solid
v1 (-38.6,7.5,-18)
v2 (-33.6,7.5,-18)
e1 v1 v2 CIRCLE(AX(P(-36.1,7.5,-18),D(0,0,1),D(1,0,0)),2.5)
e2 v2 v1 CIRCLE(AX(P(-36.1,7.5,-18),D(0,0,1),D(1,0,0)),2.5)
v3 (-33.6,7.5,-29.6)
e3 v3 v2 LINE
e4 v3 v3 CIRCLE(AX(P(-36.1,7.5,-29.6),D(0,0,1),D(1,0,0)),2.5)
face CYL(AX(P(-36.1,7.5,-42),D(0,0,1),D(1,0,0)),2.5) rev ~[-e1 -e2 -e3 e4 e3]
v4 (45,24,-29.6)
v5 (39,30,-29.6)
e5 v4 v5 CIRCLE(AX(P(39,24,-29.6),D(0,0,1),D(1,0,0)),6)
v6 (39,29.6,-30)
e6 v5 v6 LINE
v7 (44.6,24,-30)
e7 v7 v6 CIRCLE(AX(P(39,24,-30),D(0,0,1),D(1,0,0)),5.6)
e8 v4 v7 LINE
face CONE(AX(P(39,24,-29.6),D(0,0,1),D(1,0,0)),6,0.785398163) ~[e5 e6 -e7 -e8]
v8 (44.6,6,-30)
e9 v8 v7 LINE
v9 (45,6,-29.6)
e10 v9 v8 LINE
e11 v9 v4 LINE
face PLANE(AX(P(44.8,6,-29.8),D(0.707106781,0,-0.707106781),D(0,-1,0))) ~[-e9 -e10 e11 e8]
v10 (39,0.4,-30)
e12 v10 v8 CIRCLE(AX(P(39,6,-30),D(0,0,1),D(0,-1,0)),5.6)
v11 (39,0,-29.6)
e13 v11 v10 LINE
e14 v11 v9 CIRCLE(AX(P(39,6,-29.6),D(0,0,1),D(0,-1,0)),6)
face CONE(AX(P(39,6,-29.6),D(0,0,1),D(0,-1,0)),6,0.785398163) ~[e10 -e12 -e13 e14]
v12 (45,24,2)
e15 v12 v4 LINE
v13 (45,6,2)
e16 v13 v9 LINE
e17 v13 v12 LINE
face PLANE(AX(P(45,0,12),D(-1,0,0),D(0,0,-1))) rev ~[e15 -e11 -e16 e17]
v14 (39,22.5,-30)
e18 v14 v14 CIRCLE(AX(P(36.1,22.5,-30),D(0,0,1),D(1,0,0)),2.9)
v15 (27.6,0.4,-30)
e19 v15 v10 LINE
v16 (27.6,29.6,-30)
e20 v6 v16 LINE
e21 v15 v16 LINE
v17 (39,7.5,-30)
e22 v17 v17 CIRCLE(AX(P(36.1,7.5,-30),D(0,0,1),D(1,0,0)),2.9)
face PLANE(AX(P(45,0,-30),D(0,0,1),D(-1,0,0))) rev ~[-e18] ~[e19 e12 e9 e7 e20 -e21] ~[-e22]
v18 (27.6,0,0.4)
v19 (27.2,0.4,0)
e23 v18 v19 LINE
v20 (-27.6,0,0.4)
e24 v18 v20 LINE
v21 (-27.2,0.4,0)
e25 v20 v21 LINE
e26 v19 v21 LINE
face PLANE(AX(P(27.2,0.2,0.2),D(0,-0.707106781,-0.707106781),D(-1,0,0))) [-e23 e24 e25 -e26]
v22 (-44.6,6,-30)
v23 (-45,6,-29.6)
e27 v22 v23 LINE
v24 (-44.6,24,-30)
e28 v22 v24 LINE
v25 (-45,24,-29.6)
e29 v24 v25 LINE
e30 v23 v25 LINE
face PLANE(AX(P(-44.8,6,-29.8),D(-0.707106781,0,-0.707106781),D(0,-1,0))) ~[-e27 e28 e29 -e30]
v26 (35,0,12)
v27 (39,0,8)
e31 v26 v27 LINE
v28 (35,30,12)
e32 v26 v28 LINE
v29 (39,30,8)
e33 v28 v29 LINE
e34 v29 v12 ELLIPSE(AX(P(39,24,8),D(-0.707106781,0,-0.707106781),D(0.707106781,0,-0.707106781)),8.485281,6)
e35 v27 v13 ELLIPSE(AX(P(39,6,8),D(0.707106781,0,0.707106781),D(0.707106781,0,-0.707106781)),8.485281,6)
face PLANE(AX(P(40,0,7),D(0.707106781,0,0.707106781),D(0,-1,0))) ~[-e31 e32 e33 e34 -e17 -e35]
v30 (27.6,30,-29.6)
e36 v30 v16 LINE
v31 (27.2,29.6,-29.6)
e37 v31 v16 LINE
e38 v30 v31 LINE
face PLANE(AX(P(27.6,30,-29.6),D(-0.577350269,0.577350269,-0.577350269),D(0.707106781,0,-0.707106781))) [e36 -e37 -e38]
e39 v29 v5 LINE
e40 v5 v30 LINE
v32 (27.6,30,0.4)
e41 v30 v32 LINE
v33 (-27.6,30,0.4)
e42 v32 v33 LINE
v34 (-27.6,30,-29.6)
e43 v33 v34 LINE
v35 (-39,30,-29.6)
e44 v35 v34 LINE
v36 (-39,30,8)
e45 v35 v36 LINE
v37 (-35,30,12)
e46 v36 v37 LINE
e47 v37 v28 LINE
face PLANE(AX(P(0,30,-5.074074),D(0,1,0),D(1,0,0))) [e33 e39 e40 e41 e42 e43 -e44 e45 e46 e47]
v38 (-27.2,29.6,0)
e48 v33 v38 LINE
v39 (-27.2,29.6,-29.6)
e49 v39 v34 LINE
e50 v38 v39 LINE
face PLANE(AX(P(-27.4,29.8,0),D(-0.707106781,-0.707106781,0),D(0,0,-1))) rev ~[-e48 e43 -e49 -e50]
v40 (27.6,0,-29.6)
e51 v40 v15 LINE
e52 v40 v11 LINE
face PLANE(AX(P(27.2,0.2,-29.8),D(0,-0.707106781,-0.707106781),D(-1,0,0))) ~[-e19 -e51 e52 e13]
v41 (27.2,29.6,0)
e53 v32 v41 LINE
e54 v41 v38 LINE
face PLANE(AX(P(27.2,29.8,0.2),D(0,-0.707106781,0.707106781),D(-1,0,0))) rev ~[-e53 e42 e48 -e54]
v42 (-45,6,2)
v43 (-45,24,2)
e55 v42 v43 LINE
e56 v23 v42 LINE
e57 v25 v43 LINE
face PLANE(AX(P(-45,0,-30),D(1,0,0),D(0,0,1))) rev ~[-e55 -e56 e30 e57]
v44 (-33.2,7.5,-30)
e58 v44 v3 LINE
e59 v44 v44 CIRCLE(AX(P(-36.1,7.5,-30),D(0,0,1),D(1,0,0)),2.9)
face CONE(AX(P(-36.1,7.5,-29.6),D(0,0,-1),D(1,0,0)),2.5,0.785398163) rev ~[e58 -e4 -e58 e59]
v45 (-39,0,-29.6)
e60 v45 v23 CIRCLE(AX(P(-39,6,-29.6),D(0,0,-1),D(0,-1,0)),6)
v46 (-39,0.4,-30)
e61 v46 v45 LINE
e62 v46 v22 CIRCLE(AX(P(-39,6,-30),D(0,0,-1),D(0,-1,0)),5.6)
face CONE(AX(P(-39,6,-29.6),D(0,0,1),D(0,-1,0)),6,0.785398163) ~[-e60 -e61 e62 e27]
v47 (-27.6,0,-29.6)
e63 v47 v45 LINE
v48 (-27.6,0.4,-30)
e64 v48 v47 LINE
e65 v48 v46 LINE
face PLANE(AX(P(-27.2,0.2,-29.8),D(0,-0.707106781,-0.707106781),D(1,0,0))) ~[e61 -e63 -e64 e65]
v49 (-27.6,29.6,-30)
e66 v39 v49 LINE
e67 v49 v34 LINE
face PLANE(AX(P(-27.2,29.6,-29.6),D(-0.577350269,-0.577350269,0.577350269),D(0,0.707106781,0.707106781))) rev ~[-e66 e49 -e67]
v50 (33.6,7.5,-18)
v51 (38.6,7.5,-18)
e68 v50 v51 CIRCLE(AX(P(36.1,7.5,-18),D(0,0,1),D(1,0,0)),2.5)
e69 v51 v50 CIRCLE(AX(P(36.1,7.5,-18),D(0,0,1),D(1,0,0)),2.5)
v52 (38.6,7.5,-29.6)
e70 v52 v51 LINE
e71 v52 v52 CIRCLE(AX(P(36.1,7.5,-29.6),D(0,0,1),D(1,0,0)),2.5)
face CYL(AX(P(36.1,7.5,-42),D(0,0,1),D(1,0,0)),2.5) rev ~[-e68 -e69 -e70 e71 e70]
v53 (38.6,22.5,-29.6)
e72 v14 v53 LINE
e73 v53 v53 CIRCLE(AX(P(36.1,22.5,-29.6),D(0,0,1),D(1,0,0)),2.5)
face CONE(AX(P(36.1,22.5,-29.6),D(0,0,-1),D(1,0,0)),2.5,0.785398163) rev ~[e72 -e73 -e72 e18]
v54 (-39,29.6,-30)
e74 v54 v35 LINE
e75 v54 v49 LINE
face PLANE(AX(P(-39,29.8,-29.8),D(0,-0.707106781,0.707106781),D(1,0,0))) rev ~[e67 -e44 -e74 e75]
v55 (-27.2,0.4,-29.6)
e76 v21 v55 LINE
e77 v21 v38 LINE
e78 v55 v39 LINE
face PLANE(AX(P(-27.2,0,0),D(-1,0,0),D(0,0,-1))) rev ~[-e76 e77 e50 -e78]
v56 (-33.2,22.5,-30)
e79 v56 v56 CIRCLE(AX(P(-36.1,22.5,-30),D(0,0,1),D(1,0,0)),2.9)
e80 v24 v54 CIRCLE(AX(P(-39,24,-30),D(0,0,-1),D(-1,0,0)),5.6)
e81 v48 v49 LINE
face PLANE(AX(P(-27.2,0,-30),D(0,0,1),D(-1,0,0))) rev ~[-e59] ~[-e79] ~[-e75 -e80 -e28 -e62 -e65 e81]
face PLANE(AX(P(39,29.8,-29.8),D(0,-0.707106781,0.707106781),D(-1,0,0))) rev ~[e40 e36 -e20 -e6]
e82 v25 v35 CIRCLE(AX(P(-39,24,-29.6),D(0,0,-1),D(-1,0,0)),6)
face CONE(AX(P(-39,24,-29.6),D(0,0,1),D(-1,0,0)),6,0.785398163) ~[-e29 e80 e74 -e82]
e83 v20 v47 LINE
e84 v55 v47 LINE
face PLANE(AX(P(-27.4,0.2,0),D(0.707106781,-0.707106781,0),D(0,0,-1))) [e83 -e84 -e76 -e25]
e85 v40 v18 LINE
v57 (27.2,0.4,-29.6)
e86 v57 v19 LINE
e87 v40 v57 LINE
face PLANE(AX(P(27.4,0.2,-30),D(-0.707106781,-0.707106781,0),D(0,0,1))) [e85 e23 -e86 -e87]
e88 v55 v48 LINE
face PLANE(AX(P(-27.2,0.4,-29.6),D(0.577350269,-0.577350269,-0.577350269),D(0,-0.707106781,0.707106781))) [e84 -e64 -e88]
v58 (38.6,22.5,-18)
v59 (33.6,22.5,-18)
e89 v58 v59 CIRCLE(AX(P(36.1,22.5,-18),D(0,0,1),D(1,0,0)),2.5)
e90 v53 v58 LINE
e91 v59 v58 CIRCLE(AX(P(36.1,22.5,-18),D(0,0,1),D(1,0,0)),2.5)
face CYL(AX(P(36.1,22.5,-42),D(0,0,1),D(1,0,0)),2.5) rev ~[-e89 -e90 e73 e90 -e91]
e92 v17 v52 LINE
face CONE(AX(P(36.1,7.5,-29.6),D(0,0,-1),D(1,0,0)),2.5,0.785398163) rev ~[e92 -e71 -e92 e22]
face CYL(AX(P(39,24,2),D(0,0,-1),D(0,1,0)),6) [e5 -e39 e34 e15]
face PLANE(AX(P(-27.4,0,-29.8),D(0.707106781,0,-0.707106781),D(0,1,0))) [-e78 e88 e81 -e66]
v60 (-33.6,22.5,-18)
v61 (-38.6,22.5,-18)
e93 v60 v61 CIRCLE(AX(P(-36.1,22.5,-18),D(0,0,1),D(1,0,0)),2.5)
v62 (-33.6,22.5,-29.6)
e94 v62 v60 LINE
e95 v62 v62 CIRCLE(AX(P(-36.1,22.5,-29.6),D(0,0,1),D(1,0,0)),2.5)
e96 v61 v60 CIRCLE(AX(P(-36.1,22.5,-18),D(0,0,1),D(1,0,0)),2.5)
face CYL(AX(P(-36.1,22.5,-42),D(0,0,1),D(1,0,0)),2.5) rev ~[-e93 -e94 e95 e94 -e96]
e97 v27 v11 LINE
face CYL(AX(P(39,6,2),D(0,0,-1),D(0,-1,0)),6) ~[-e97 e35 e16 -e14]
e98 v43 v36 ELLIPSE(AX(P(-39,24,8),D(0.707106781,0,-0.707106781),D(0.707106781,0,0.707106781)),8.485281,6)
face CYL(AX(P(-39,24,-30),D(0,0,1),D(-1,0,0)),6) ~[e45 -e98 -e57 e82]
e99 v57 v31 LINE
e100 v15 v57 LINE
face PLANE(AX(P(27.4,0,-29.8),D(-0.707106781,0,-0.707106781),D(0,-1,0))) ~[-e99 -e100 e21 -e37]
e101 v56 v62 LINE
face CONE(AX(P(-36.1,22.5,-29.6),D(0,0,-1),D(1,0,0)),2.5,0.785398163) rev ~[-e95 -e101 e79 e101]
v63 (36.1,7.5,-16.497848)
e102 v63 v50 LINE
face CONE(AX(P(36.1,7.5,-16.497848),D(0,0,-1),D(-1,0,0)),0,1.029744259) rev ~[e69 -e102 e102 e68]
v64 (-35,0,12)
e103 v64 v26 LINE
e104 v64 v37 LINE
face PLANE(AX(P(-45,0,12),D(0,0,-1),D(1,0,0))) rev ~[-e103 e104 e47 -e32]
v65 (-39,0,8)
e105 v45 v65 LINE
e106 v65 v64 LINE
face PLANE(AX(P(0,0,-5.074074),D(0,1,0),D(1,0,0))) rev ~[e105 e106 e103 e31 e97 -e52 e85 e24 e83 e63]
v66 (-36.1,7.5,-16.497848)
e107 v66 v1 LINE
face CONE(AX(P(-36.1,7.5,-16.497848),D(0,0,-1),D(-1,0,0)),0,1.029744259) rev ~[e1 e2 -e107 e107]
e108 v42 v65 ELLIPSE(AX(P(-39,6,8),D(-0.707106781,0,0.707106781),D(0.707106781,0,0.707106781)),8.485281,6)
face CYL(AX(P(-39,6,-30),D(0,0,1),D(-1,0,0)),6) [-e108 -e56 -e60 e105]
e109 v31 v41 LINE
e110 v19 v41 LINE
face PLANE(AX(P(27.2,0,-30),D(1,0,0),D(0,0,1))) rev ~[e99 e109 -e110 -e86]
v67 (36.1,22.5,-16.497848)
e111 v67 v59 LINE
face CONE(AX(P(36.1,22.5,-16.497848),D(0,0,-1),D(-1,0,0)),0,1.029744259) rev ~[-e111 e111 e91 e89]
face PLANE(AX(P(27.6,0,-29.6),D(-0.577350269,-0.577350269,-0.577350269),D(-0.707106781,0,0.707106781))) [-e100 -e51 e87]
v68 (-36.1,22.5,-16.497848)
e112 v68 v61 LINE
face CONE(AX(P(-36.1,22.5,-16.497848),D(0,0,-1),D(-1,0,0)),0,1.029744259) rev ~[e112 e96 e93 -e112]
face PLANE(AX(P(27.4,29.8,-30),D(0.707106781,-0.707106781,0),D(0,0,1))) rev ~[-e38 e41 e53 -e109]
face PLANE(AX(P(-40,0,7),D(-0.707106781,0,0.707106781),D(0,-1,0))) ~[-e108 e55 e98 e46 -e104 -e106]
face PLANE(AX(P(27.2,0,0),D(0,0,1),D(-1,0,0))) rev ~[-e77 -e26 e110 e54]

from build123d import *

# Parameters (mm, degrees)
BOSS_EXTRUDE1_DEPTH       = 30
CHAMFER1_SIZE             = 10
FILLET1_R                 = 6
F_5_0MM_DOWEL_HOLE1_D     = 5
F_5_0MM_DOWEL_HOLE1_DEPTH = 12
F_5_0MM_DOWEL_HOLE1_TIP   = 1.502151548
CHAMFER2_SIZE             = 0.4


with BuildPart() as part:
    # Sketch1 → Boss-Extrude1 (new body)
    with BuildSketch(Plane(origin=(0, 0, 0), x_dir=(1, 0, 0), z_dir=(0, 1, 0))):
        Polygon((-45, 30), (-45, -12), (45, -12), (45, 30), (27.2, 30), (27.2, 0), (-27.2, 0), (-27.2, 30), align=None)
    extrude(amount=BOSS_EXTRUDE1_DEPTH)

    # Chamfer1
    chamfer1_edges = [part.edges().sort_by_distance(p)[0] for p in [
        (45, 15, 12),
        (-45, 15, 12),
    ]]
    chamfer(chamfer1_edges, length=CHAMFER1_SIZE)

    # Fillet1
    fillet1_edges = [part.edges().sort_by_distance(p)[0] for p in [
        (-45, 0, -14),
        (45, 0, -14),
        (45, 30, -14),
        (-45, 30, -14),
    ]]
    fillet(fillet1_edges, radius=FILLET1_R)

    # Ø5.0mm Dowel Hole1
    with Locations(Plane(origin=(0, 0, -30), x_dir=(-1, 0, 0), z_dir=(0, 0, -1))):
        with Locations((-36.1, 7.5), (36.1, 22.5), (36.1, 7.5), (-36.1, 22.5)):
            Hole(F_5_0MM_DOWEL_HOLE1_D / 2, depth=F_5_0MM_DOWEL_HOLE1_DEPTH)
            with Locations((0, 0, -(F_5_0MM_DOWEL_HOLE1_DEPTH + F_5_0MM_DOWEL_HOLE1_TIP / 2))):  # 118° drill point
                Cone(0, F_5_0MM_DOWEL_HOLE1_D / 2, F_5_0MM_DOWEL_HOLE1_TIP, mode=Mode.SUBTRACT)

    # Chamfer2
    chamfer2_edges = [part.edges().sort_by_distance(p)[0] for p in [
        (-33.1, 0, -30),
        (-27.2, 15, -30),
        (27.2, 15, -30),
        (27.2, 30, -15),
        (0, 30, 0),
        (-27.2, 30, -15),
        (33.1, 30, -30),
        (-45, 15, -30),
        (-43.242640687, 1.757359313, -30),
        (-43.242640687, 28.242640687, -30),
        (33.1, 0, -30),
        (45, 15, -30),
        (43.242640687, 1.757359313, -30),
        (-33.1, 30, -30),
        (43.242640687, 28.242640687, -30),
        (33.6, 7.5, -30),
        (33.6, 22.5, -30),
        (-38.6, 7.5, -30),
        (-38.6, 22.5, -30),
        (-27.2, 0, -15),
        (0, 0, 0),
        (27.2, 0, -15),
    ]]
    chamfer(chamfer2_edges, length=CHAMFER2_SIZE)


solid = part.part
